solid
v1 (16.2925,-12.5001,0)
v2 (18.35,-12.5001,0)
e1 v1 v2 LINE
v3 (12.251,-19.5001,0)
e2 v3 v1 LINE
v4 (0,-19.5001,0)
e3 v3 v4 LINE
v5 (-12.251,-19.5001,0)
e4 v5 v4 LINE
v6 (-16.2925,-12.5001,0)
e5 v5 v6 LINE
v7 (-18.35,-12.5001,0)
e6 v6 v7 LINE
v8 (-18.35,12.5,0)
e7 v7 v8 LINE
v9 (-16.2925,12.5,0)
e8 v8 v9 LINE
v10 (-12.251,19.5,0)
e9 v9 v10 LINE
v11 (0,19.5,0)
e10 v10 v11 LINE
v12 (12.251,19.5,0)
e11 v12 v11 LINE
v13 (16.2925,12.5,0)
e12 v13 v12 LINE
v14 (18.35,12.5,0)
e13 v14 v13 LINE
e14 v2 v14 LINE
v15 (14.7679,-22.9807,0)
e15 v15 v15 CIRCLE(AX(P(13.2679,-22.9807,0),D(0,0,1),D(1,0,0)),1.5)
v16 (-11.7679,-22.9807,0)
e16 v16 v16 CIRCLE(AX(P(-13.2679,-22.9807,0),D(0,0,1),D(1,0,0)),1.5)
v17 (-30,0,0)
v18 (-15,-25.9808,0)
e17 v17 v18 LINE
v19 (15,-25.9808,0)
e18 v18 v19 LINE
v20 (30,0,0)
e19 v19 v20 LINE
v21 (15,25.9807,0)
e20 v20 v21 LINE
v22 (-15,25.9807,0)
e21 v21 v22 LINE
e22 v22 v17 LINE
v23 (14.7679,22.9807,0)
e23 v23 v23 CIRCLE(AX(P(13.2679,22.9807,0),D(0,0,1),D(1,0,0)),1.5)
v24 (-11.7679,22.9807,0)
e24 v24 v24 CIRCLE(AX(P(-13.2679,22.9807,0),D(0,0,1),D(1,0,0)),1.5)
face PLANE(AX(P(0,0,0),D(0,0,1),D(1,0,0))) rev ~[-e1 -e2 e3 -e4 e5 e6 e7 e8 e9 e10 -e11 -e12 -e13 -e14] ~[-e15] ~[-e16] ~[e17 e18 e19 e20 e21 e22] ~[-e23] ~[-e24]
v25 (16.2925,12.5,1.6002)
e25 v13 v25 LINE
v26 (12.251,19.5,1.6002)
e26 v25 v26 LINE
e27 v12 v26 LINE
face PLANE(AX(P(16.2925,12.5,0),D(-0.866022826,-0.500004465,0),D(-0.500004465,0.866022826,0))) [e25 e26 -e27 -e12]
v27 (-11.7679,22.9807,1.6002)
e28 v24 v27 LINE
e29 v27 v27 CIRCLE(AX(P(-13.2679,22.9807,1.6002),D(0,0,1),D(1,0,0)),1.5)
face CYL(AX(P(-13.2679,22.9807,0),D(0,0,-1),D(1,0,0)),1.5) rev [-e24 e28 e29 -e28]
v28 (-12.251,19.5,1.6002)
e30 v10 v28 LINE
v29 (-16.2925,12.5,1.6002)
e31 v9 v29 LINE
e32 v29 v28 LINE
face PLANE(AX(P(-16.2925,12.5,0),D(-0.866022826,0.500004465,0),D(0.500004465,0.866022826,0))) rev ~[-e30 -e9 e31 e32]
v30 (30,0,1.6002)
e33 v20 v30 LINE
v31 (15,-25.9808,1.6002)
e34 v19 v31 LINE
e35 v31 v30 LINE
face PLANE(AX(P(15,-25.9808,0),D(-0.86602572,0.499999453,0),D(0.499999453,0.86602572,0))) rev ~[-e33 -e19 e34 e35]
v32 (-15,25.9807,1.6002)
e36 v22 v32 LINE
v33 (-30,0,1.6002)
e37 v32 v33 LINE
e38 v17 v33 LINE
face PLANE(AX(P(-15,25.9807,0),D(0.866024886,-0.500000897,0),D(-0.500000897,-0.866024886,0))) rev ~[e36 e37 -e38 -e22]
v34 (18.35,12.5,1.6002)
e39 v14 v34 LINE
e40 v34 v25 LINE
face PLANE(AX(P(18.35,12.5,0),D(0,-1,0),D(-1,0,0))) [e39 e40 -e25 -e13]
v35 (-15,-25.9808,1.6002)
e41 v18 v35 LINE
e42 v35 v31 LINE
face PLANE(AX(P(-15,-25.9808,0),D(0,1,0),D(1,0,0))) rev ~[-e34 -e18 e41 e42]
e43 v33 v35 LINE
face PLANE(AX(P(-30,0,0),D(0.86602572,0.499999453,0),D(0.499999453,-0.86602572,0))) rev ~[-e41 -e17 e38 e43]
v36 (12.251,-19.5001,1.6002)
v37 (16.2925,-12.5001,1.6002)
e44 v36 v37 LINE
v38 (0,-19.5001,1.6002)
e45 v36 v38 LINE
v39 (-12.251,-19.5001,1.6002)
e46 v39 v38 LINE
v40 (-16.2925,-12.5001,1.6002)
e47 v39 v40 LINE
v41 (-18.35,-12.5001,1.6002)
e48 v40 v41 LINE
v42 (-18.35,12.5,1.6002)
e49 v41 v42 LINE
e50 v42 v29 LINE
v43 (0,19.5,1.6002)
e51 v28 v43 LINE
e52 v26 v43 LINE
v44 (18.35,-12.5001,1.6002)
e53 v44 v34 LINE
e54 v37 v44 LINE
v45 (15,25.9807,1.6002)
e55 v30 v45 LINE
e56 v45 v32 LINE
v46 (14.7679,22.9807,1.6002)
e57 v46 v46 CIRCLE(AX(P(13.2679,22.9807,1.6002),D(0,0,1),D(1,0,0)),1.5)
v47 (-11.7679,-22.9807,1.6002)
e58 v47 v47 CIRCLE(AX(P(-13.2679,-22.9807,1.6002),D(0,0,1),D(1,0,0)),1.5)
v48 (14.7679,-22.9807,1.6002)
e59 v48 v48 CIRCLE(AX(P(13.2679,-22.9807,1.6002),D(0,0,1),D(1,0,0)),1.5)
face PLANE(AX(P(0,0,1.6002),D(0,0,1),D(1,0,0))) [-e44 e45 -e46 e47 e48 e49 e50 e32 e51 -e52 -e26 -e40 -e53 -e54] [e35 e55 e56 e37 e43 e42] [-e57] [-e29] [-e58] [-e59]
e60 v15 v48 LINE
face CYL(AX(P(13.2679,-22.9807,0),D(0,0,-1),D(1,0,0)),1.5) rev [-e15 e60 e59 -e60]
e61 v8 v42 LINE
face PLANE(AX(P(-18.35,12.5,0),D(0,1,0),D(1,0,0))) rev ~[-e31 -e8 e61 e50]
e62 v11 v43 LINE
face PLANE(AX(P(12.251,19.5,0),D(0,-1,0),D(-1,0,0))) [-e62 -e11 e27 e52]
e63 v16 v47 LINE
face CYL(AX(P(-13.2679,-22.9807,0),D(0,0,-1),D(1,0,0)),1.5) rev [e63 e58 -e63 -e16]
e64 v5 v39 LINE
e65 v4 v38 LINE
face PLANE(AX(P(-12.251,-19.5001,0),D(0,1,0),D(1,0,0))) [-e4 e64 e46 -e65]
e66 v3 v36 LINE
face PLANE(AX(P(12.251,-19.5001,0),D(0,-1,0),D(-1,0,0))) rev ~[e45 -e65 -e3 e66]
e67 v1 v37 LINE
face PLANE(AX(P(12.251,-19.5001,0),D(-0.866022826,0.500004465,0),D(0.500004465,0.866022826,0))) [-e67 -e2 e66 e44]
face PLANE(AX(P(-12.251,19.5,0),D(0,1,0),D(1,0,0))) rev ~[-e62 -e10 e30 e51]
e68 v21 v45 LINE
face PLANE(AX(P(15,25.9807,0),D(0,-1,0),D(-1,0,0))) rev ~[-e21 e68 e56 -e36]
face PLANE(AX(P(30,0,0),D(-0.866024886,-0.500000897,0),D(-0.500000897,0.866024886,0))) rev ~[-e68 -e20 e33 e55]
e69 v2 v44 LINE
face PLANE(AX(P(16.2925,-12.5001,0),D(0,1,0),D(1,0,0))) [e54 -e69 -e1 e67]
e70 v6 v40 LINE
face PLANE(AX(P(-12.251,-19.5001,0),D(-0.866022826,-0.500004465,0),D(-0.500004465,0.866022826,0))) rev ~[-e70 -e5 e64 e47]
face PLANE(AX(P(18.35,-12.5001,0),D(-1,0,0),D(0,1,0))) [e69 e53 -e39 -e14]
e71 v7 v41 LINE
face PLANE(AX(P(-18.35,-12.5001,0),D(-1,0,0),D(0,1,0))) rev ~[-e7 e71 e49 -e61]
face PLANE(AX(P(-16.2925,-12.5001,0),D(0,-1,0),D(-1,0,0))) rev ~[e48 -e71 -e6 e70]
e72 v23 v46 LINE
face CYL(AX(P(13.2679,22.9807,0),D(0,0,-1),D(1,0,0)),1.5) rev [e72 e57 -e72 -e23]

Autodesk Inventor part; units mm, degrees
ref_plane "YZ Plane" through (0, 0, 0) normal (1, 0, 0) x (0, 1, 0)
ref_plane "XZ Plane" through (0, 0, 0) normal (0, 1, 0) x (-1, 0, 0)
ref_plane "XY Plane" through (0, 0, 0) normal (0, 0, 1) x (1, 0, 0)
sketch "Base" plane through (0, 0, 0) normal (0, 0, 1) x (1, 0, 0)
  line L0 (-12.251, -19.5001) -> (-16.2925, -12.5001)
  line L1 (-16.2925, -12.5001) -> (-18.35, -12.5001)
  line L2 (-18.35, -12.5001) -> (-18.35, 12.5)
  line L3 (-18.35, 12.5) -> (-16.2925, 12.5)
  line L4 (-16.2925, 12.5) -> (-12.251, 19.5)
  line L5 (15, 25.9807) -> (-15, 25.9807)
  line L6 (-15, 25.9807) -> (-30, 0)
  line L7 (-30, 0) -> (-15, -25.9808)
  line L8 (-15, -25.9808) -> (15, -25.9808)
  line L9 (15, -25.9808) -> (30, 0)
  line L10 (30, 0) -> (15, 25.9807)
  circle A0 centre (-13.2679, 22.9807) radius 1.5
  line L11 (-42, 0) -> (42, 0) construction
  line L12 (0, -36.3731) -> (0, 36.373) construction
  circle A1 centre (13.2679, 22.9807) radius 1.5
  circle A2 centre (-13.2679, -22.9807) radius 1.5
  circle A3 centre (13.2679, -22.9807) radius 1.5
  line L13 (-12.251, 19.5) -> (0, 19.5)
  line L14 (-12.251, -19.5001) -> (0, -19.5001)
  line L15 (18.35, 12.5) -> (16.2925, 12.5)
  line L16 (12.251, -19.5001) -> (16.2925, -12.5001)
  line L17 (18.35, -12.5001) -> (18.35, 12.5)
  line L18 (16.2925, 12.5) -> (12.251, 19.5)
  line L19 (16.2925, -12.5001) -> (18.35, -12.5001)
  line L20 (12.251, 19.5) -> (0, 19.5)
  line L21 (12.251, -19.5001) -> (0, -19.5001)
  point P0 (0, 0)
  point P1 (0, 0)
  point P2 (0, 25.9807)
  dimension "d0" = 30
  dimension "d1" = 30
  dimension "d2" = 120
  dimension "d3" = 120
  dimension "d4" = 120
  dimension "d5" = 120
  dimension "d6" = 3
  dimension "d7" = 3
  dimension "d8" = 3
  dimension "d10" = 18.35
  dimension "d13" = 2.0575
  dimension "d14" = 6.4807
  dimension "d15" = 6.4807
  dimension "d16" = 25.0001
  dimension "d17" = 22.9807
  dimension "d18" = 7
extrude "Plate1" add sketch "Base" along normal blind 1.6002
equation "\"d2\" = d3"
equation "\"d4\" = d3"
equation "\"d5\" = d3"
equation "\"d15\" = d14"
equation "\"d19\" = Thickness"
equation "\"BendRadius\" = Thickness"
equation "\"BendReliefWidth\" = Thickness"
equation "\"BendReliefDepth\" = 0.5 * Thickness"
equation "\"CornerReliefSize\" = 4 * Thickness"
equation "\"MinimumRemnant\" = 2 * Thickness"
equation "\"TransitionRadius\" = BendRadius"
equation "\"JacobiRadiusSize\" = BendRadius"
equation "\"GapSize\" = Thickness"
equation "\"Thickness\" = 1.6002"
properties part number "ArmDriverBoard"
